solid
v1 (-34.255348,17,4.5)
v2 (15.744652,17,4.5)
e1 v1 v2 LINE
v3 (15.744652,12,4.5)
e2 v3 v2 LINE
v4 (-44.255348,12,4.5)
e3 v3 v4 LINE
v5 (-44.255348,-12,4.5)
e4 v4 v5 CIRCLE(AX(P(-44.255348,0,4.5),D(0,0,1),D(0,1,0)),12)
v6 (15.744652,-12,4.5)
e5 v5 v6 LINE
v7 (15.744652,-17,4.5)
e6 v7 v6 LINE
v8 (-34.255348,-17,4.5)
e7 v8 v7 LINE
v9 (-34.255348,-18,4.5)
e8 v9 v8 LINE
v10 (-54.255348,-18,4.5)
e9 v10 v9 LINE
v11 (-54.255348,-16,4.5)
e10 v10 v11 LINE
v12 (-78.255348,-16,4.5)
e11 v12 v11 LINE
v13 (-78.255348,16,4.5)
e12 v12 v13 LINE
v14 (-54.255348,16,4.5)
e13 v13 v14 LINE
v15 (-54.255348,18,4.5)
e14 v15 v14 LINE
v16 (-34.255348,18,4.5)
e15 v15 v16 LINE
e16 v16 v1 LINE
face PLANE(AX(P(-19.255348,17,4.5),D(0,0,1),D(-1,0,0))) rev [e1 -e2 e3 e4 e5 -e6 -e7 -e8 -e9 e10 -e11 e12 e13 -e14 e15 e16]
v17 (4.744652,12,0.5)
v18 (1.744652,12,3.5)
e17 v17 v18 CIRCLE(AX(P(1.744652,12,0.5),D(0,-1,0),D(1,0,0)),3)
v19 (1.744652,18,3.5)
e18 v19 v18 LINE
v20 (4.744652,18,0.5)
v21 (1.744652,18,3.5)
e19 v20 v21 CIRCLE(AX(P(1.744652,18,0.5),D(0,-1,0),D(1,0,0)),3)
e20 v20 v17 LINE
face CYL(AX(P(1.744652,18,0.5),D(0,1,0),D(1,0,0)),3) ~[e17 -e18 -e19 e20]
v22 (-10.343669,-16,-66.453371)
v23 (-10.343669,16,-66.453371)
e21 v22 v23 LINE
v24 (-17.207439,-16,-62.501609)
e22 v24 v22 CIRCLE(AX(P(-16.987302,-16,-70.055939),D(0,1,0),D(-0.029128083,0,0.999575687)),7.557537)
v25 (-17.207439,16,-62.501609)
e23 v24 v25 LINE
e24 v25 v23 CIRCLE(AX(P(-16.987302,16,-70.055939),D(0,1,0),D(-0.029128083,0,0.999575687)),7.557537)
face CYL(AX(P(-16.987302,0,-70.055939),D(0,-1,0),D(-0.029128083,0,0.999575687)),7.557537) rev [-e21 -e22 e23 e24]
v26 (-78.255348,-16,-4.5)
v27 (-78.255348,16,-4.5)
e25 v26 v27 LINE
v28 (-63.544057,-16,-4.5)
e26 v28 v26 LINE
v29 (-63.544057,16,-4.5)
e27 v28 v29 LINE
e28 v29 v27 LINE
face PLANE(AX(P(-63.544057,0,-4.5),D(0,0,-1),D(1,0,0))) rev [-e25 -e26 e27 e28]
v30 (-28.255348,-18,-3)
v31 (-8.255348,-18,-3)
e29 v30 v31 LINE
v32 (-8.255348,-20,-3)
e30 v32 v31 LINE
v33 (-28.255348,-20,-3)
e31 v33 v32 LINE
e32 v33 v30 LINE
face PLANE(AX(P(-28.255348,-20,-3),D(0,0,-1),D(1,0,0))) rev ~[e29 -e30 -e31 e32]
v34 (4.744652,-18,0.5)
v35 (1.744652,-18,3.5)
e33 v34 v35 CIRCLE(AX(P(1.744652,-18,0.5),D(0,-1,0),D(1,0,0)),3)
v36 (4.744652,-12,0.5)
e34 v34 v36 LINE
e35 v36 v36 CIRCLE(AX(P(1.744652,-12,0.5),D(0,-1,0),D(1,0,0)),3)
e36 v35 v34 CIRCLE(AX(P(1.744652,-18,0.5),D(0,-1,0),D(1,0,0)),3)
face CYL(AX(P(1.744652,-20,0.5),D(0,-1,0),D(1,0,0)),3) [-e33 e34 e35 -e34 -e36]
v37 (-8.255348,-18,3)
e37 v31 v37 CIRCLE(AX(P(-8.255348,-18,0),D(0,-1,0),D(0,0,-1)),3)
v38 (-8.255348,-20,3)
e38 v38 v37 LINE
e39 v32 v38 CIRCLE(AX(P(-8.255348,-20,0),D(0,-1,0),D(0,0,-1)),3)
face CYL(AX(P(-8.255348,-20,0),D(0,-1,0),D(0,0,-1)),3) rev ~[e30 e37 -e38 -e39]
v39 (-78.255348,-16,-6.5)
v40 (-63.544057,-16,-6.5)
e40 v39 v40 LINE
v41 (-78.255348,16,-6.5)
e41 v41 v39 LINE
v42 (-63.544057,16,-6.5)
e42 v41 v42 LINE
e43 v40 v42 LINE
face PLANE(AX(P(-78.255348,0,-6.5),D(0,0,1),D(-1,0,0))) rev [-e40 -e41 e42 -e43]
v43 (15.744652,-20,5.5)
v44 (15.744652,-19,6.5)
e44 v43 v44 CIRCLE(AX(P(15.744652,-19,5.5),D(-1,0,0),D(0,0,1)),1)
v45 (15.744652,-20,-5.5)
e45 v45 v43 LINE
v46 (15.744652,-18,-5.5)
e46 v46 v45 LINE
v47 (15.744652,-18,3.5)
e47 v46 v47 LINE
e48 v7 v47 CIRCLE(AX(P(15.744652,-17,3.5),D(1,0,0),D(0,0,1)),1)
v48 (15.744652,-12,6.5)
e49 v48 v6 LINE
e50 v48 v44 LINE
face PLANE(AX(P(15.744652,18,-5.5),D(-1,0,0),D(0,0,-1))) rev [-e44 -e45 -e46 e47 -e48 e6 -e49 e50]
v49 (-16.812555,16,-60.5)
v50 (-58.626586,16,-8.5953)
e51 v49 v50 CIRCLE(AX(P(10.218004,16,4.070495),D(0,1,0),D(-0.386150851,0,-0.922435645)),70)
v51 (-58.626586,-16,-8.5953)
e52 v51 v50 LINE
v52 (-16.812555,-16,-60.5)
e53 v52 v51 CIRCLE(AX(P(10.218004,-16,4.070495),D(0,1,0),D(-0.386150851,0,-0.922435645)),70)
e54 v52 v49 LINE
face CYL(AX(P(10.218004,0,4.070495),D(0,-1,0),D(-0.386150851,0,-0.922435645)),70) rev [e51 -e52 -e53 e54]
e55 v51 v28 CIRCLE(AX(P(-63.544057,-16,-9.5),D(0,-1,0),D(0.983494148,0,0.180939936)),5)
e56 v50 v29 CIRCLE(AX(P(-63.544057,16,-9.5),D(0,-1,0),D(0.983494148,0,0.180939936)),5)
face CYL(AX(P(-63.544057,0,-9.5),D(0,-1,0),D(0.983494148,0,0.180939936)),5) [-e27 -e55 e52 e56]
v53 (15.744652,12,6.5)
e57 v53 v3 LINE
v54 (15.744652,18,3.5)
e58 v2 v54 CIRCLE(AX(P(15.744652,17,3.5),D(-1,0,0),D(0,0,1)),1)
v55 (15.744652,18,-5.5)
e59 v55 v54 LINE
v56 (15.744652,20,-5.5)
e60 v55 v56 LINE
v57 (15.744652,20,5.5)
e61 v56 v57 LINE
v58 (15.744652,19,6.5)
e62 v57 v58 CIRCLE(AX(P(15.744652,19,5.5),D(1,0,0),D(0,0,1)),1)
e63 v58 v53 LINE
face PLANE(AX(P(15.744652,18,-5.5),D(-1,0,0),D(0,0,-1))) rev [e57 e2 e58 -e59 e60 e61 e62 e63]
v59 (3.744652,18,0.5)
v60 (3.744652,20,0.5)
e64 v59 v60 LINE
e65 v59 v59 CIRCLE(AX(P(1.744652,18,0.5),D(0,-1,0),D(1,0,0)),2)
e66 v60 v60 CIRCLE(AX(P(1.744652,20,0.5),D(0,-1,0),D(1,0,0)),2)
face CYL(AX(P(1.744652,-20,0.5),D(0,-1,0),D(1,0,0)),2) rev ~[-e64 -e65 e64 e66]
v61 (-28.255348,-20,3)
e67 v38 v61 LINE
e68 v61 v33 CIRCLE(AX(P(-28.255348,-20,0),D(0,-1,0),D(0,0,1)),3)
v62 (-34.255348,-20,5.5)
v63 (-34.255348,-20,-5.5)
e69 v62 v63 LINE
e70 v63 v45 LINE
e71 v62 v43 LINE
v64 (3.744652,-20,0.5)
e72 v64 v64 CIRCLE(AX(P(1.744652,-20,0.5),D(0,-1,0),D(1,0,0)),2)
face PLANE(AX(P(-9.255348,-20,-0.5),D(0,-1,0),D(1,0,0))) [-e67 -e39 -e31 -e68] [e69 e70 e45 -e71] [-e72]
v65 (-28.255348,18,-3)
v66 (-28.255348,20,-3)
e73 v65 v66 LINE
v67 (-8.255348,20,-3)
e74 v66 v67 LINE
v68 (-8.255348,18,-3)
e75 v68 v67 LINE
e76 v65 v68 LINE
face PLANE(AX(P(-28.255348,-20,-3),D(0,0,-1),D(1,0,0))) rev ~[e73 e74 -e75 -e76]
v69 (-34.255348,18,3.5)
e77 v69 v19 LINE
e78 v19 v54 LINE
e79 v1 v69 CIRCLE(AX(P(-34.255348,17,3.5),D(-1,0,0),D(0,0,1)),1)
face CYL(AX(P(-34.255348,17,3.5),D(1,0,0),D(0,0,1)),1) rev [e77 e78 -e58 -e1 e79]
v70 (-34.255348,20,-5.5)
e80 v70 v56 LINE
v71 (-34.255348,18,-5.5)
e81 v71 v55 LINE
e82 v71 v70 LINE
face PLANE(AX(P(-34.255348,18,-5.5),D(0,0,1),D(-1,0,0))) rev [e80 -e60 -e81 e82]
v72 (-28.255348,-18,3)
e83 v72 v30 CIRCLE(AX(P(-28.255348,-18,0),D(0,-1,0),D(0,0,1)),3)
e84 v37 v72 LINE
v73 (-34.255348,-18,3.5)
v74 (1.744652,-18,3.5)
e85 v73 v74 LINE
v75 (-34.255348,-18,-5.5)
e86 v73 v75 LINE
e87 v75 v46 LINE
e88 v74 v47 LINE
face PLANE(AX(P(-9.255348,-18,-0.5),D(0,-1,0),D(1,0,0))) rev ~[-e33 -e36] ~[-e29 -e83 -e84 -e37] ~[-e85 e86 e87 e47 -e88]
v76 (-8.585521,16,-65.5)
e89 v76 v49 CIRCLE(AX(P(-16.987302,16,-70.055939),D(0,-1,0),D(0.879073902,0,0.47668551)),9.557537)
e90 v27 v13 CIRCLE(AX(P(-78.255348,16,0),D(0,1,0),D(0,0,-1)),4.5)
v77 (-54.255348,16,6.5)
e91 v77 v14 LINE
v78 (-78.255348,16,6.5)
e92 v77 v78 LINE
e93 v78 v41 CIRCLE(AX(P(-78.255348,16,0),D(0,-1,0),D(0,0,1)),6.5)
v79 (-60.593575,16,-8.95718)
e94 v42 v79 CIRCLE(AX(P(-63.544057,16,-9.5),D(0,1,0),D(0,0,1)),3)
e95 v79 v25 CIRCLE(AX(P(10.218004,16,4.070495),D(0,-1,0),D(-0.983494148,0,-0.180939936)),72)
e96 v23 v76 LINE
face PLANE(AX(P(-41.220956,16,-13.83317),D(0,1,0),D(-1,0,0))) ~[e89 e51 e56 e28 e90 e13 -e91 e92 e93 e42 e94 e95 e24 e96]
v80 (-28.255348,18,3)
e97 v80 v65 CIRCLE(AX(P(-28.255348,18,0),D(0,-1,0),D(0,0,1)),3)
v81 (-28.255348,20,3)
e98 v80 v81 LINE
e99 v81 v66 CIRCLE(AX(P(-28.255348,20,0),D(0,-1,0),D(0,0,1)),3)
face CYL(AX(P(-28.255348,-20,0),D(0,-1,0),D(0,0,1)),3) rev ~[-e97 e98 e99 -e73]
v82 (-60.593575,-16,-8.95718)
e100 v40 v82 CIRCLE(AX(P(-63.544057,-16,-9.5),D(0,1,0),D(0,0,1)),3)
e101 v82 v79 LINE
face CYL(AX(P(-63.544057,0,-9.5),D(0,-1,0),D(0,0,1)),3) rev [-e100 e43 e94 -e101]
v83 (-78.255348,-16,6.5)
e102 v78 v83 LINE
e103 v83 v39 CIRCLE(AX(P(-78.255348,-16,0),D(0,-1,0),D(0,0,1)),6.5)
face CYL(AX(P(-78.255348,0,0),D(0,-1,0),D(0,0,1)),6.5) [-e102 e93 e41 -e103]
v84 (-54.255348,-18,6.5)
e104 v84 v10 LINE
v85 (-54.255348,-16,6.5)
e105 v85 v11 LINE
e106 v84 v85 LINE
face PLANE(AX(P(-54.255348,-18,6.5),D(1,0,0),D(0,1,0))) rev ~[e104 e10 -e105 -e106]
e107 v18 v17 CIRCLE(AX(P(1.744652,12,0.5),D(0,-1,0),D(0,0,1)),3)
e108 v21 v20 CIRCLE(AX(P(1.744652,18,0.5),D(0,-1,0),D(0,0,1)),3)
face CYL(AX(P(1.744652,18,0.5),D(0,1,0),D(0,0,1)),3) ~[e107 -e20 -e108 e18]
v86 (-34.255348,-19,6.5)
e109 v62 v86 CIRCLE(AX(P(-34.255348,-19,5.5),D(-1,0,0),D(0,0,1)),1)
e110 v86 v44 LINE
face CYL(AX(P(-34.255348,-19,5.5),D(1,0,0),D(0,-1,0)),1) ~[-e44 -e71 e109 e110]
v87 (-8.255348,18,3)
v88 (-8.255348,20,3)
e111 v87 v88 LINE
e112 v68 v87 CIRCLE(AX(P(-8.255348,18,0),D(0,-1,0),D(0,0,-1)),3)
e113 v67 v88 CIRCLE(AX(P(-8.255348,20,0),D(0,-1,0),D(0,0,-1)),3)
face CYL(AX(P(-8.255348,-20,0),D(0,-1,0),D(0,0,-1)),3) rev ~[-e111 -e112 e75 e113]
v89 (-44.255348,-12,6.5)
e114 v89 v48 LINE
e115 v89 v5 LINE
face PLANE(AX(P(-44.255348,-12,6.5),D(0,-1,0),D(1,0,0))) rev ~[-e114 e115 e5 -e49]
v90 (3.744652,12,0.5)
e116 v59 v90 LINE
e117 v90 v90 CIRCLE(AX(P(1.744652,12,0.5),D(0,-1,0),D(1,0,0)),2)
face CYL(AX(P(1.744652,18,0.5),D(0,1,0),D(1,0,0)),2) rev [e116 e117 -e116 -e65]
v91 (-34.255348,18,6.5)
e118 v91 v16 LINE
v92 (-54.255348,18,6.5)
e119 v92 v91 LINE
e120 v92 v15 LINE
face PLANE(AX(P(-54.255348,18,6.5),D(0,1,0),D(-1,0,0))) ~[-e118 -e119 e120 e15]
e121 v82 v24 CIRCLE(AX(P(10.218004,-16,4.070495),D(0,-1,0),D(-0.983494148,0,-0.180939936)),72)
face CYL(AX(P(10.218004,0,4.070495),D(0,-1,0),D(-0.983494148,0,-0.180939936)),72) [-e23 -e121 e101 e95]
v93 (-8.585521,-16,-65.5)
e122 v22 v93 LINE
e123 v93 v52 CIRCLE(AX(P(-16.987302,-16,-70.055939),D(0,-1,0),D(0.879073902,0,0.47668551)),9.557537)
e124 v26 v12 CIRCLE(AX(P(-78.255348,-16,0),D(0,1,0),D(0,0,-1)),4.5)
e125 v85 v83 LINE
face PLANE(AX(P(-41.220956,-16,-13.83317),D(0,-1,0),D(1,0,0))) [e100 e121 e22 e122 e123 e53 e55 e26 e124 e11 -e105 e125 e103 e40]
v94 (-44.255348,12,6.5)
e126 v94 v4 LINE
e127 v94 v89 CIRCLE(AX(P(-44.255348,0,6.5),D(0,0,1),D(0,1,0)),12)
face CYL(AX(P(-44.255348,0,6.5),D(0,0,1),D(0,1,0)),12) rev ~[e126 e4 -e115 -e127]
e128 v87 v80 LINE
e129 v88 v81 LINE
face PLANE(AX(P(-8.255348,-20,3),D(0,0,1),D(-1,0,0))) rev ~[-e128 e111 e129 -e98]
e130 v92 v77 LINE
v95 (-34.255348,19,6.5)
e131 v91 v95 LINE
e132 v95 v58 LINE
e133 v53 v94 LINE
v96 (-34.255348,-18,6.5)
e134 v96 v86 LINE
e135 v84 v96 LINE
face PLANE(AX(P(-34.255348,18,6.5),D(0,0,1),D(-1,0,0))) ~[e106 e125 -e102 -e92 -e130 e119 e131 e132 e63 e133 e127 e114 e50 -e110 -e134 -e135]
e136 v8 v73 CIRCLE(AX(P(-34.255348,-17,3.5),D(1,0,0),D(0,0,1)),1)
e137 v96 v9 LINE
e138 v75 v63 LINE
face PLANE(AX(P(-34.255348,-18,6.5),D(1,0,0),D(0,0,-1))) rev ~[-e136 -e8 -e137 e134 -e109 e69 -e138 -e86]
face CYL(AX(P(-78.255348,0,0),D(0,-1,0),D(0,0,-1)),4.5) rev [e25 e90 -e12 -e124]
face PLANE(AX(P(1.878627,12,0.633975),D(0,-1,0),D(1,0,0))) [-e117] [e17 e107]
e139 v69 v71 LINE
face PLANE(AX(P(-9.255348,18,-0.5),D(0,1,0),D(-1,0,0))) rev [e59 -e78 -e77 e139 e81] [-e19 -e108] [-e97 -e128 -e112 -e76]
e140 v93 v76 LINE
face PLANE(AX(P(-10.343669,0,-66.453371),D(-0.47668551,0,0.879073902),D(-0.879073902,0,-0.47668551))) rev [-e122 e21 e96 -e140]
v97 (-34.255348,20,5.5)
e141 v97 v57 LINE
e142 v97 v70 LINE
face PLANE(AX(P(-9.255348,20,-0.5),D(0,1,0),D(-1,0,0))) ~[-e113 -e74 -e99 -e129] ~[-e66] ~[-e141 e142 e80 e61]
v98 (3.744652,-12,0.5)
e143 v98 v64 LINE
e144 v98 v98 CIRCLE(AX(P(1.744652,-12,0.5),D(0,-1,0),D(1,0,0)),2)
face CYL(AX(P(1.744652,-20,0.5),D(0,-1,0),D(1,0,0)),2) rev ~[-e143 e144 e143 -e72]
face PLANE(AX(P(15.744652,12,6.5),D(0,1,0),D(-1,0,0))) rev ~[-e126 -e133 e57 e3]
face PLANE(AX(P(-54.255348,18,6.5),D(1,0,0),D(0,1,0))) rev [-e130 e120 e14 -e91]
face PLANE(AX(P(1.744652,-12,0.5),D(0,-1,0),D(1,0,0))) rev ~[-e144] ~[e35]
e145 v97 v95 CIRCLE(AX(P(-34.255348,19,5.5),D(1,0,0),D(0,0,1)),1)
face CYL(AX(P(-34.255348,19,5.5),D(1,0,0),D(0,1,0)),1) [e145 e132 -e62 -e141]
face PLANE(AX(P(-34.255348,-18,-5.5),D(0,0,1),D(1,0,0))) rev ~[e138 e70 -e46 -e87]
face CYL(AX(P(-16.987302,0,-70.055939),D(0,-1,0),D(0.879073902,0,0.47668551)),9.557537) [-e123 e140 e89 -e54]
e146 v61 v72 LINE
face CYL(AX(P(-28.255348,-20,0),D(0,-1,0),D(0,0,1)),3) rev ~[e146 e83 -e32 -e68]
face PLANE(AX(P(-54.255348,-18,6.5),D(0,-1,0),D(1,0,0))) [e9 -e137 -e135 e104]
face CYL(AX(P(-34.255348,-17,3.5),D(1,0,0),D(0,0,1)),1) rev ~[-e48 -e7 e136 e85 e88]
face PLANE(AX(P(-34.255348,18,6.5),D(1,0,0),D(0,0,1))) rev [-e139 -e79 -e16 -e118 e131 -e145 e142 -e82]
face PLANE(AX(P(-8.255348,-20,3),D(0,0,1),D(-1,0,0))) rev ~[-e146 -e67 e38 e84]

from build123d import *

# Parameters (mm, degrees)
F1_DEPTH  = 16
F2_W      = 70
F2_H      = 2
F3_DEPTH  = 2
F4_W      = 50
F4_H      = 10
F4_H_2    = 2
F5_DEPTH  = 2
F6_R      = 1
F9_DEPTH  = 2
F11_DEPTH = 40.001
F12_R     = 2
F13_DEPTH = 40.001
F12_R_2   = 3
F14_DEPTH = 8
F15_R     = 2
F16_DEPTH = 6


with BuildPart() as f1:
    # F0 (on Front) → F1 (new body)
    with BuildSketch(Plane.XZ):
        with BuildLine():
            ThreePointArc((-78.2553477167, -4.5), (-82.7553477167, 0), (-78.2553477167, 4.5))
            Line((-78.2553477167, 4.5), (15.7446522833, 4.5))
            Line((15.7446522833, 4.5), (15.7446522833, 6.5))
            Line((15.7446522833, 6.5), (-78.2553477167, 6.5))
            ThreePointArc((-78.2553477167, 6.5), (-84.7553477167, 0), (-78.2553477167, -6.5))
            Line((-78.2553477167, -6.5), (-63.5440570211, -6.5))
            ThreePointArc((-63.5440570211, -6.5), (-61.6242210154, -7.1947386892), (-60.5935745764, -8.9571801926))
            ThreePointArc((-60.5935745764, -8.9571801926), (-45.7228537684, -41.2574258057), (-17.207438999, -62.5016091164))
            ThreePointArc((-17.207438999, -62.5016091164), (-13.2164359403, -63.5063644425), (-10.3436688231, -66.4533710204))
            Line((-10.3436688231, -66.4533710204), (-8.58552102, -65.5))
            ThreePointArc((-8.58552102, -65.5), (-12.0235125852, -61.888485404), (-16.8125554919, -60.5))
            ThreePointArc((-16.8125554919, -60.5), (-44.2937887319, -39.8437899922), (-58.6265862799, -8.5953003211))
            ThreePointArc((-58.6265862799, -8.5953003211), (-60.3443303449, -5.6578978153), (-63.5440570211, -4.5))
            Line((-63.5440570211, -4.5), (-78.2553477167, -4.5))
        make_face()
    extrude(amount=F1_DEPTH)

    # F2 (on face) → F3 (join)
    with BuildSketch(Plane.XY.offset(6.5)):
        with Locations((-19.2553477167, -17)):
            Rectangle(F2_W, F2_H)
    extrude(amount=-F3_DEPTH)

    # F4 (on face) → F5 (join)
    with BuildSketch(Plane.XZ.offset(18)):
        with Locations((-9.2553477167, -0.5)):
            Rectangle(F4_W, F4_H)
        with Locations((-9.2553477167, 5.5)):
            Rectangle(F4_W, F4_H_2)
    extrude(amount=F5_DEPTH)

    # F6
    f6_edges = [f1.edges().sort_by_distance(p)[0] for p in [
        (-9.255348, -20, 6.5),
        (-9.255348, -18, 4.5),
    ]]
    fillet(f6_edges, radius=F6_R)

    # F7: F1 across face


with BuildPart() as f1_1:
    add(f1.part)
    add(f1.part.mirror(Plane(origin=(-41.9712348224, 0, -13.8038322502), x_dir=(1, 0, 0), z_dir=(0, 1, 0))))

    # F8 (on face) → F9 (cut)
    with BuildSketch(Plane.XY.offset(6.5)):
        with BuildLine():
            Line((15.7446522833, 12), (-44.2553477167, 12))
            ThreePointArc((-44.2553477167, 12), (-56.2553477167, 0), (-44.2553477167, -12))
            Line((-44.2553477167, -12), (15.7446522833, -12))
            Line((15.7446522833, -12), (15.7446522833, 12))
        make_face()
    extrude(amount=-F9_DEPTH, mode=Mode.SUBTRACT)

    # F10 (on face) → F11 (cut, through all)
    with BuildSketch(Plane.XZ.offset(20)):
        with BuildLine():
            ThreePointArc((-28.2553477167, 3), (-31.2553477167, 0), (-28.2553477167, -3))
            Line((-28.2553477167, -3), (-8.2553477167, -3))
            ThreePointArc((-8.2553477167, -3), (-5.2553477167, 0), (-8.2553477167, 3))
            Line((-8.2553477167, 3), (-28.2553477167, 3))
        make_face()
    extrude(amount=-F11_DEPTH, mode=Mode.SUBTRACT)

    # F12 (on face) → F13 (cut, through all)
    with BuildSketch(Plane.XZ.offset(20)):
        with Locations((1.7446522833, 0.5)):
            Circle(F12_R)
    extrude(amount=-F13_DEPTH, mode=Mode.SUBTRACT)

    # F12 (on face) → F14 (join)
    with BuildSketch(Plane.XZ.offset(20)):
        with Locations((1.7446522833, 0.5)):
            Circle(F12_R_2)
        with Locations((1.7446522833, 0.5)):
            Circle(F12_R, mode=Mode.SUBTRACT)
    extrude(amount=-F14_DEPTH)

    # F15 (on face) → F16 (join)
    with BuildSketch(Plane.XZ.offset(-18)):
        with BuildLine():
            ThreePointArc((1.7446522833, 3.5), (-0.3766680603, -1.6213203436), (4.7446522833, 0.5))
            ThreePointArc((4.7446522833, 0.5), (3.8659726268, 2.6213203436), (1.7446522833, 3.5))
        make_face()
        with Locations((1.7446522833, 0.5)):
            Circle(F15_R, mode=Mode.SUBTRACT)
    extrude(amount=F16_DEPTH)


solid = f1_1.part
